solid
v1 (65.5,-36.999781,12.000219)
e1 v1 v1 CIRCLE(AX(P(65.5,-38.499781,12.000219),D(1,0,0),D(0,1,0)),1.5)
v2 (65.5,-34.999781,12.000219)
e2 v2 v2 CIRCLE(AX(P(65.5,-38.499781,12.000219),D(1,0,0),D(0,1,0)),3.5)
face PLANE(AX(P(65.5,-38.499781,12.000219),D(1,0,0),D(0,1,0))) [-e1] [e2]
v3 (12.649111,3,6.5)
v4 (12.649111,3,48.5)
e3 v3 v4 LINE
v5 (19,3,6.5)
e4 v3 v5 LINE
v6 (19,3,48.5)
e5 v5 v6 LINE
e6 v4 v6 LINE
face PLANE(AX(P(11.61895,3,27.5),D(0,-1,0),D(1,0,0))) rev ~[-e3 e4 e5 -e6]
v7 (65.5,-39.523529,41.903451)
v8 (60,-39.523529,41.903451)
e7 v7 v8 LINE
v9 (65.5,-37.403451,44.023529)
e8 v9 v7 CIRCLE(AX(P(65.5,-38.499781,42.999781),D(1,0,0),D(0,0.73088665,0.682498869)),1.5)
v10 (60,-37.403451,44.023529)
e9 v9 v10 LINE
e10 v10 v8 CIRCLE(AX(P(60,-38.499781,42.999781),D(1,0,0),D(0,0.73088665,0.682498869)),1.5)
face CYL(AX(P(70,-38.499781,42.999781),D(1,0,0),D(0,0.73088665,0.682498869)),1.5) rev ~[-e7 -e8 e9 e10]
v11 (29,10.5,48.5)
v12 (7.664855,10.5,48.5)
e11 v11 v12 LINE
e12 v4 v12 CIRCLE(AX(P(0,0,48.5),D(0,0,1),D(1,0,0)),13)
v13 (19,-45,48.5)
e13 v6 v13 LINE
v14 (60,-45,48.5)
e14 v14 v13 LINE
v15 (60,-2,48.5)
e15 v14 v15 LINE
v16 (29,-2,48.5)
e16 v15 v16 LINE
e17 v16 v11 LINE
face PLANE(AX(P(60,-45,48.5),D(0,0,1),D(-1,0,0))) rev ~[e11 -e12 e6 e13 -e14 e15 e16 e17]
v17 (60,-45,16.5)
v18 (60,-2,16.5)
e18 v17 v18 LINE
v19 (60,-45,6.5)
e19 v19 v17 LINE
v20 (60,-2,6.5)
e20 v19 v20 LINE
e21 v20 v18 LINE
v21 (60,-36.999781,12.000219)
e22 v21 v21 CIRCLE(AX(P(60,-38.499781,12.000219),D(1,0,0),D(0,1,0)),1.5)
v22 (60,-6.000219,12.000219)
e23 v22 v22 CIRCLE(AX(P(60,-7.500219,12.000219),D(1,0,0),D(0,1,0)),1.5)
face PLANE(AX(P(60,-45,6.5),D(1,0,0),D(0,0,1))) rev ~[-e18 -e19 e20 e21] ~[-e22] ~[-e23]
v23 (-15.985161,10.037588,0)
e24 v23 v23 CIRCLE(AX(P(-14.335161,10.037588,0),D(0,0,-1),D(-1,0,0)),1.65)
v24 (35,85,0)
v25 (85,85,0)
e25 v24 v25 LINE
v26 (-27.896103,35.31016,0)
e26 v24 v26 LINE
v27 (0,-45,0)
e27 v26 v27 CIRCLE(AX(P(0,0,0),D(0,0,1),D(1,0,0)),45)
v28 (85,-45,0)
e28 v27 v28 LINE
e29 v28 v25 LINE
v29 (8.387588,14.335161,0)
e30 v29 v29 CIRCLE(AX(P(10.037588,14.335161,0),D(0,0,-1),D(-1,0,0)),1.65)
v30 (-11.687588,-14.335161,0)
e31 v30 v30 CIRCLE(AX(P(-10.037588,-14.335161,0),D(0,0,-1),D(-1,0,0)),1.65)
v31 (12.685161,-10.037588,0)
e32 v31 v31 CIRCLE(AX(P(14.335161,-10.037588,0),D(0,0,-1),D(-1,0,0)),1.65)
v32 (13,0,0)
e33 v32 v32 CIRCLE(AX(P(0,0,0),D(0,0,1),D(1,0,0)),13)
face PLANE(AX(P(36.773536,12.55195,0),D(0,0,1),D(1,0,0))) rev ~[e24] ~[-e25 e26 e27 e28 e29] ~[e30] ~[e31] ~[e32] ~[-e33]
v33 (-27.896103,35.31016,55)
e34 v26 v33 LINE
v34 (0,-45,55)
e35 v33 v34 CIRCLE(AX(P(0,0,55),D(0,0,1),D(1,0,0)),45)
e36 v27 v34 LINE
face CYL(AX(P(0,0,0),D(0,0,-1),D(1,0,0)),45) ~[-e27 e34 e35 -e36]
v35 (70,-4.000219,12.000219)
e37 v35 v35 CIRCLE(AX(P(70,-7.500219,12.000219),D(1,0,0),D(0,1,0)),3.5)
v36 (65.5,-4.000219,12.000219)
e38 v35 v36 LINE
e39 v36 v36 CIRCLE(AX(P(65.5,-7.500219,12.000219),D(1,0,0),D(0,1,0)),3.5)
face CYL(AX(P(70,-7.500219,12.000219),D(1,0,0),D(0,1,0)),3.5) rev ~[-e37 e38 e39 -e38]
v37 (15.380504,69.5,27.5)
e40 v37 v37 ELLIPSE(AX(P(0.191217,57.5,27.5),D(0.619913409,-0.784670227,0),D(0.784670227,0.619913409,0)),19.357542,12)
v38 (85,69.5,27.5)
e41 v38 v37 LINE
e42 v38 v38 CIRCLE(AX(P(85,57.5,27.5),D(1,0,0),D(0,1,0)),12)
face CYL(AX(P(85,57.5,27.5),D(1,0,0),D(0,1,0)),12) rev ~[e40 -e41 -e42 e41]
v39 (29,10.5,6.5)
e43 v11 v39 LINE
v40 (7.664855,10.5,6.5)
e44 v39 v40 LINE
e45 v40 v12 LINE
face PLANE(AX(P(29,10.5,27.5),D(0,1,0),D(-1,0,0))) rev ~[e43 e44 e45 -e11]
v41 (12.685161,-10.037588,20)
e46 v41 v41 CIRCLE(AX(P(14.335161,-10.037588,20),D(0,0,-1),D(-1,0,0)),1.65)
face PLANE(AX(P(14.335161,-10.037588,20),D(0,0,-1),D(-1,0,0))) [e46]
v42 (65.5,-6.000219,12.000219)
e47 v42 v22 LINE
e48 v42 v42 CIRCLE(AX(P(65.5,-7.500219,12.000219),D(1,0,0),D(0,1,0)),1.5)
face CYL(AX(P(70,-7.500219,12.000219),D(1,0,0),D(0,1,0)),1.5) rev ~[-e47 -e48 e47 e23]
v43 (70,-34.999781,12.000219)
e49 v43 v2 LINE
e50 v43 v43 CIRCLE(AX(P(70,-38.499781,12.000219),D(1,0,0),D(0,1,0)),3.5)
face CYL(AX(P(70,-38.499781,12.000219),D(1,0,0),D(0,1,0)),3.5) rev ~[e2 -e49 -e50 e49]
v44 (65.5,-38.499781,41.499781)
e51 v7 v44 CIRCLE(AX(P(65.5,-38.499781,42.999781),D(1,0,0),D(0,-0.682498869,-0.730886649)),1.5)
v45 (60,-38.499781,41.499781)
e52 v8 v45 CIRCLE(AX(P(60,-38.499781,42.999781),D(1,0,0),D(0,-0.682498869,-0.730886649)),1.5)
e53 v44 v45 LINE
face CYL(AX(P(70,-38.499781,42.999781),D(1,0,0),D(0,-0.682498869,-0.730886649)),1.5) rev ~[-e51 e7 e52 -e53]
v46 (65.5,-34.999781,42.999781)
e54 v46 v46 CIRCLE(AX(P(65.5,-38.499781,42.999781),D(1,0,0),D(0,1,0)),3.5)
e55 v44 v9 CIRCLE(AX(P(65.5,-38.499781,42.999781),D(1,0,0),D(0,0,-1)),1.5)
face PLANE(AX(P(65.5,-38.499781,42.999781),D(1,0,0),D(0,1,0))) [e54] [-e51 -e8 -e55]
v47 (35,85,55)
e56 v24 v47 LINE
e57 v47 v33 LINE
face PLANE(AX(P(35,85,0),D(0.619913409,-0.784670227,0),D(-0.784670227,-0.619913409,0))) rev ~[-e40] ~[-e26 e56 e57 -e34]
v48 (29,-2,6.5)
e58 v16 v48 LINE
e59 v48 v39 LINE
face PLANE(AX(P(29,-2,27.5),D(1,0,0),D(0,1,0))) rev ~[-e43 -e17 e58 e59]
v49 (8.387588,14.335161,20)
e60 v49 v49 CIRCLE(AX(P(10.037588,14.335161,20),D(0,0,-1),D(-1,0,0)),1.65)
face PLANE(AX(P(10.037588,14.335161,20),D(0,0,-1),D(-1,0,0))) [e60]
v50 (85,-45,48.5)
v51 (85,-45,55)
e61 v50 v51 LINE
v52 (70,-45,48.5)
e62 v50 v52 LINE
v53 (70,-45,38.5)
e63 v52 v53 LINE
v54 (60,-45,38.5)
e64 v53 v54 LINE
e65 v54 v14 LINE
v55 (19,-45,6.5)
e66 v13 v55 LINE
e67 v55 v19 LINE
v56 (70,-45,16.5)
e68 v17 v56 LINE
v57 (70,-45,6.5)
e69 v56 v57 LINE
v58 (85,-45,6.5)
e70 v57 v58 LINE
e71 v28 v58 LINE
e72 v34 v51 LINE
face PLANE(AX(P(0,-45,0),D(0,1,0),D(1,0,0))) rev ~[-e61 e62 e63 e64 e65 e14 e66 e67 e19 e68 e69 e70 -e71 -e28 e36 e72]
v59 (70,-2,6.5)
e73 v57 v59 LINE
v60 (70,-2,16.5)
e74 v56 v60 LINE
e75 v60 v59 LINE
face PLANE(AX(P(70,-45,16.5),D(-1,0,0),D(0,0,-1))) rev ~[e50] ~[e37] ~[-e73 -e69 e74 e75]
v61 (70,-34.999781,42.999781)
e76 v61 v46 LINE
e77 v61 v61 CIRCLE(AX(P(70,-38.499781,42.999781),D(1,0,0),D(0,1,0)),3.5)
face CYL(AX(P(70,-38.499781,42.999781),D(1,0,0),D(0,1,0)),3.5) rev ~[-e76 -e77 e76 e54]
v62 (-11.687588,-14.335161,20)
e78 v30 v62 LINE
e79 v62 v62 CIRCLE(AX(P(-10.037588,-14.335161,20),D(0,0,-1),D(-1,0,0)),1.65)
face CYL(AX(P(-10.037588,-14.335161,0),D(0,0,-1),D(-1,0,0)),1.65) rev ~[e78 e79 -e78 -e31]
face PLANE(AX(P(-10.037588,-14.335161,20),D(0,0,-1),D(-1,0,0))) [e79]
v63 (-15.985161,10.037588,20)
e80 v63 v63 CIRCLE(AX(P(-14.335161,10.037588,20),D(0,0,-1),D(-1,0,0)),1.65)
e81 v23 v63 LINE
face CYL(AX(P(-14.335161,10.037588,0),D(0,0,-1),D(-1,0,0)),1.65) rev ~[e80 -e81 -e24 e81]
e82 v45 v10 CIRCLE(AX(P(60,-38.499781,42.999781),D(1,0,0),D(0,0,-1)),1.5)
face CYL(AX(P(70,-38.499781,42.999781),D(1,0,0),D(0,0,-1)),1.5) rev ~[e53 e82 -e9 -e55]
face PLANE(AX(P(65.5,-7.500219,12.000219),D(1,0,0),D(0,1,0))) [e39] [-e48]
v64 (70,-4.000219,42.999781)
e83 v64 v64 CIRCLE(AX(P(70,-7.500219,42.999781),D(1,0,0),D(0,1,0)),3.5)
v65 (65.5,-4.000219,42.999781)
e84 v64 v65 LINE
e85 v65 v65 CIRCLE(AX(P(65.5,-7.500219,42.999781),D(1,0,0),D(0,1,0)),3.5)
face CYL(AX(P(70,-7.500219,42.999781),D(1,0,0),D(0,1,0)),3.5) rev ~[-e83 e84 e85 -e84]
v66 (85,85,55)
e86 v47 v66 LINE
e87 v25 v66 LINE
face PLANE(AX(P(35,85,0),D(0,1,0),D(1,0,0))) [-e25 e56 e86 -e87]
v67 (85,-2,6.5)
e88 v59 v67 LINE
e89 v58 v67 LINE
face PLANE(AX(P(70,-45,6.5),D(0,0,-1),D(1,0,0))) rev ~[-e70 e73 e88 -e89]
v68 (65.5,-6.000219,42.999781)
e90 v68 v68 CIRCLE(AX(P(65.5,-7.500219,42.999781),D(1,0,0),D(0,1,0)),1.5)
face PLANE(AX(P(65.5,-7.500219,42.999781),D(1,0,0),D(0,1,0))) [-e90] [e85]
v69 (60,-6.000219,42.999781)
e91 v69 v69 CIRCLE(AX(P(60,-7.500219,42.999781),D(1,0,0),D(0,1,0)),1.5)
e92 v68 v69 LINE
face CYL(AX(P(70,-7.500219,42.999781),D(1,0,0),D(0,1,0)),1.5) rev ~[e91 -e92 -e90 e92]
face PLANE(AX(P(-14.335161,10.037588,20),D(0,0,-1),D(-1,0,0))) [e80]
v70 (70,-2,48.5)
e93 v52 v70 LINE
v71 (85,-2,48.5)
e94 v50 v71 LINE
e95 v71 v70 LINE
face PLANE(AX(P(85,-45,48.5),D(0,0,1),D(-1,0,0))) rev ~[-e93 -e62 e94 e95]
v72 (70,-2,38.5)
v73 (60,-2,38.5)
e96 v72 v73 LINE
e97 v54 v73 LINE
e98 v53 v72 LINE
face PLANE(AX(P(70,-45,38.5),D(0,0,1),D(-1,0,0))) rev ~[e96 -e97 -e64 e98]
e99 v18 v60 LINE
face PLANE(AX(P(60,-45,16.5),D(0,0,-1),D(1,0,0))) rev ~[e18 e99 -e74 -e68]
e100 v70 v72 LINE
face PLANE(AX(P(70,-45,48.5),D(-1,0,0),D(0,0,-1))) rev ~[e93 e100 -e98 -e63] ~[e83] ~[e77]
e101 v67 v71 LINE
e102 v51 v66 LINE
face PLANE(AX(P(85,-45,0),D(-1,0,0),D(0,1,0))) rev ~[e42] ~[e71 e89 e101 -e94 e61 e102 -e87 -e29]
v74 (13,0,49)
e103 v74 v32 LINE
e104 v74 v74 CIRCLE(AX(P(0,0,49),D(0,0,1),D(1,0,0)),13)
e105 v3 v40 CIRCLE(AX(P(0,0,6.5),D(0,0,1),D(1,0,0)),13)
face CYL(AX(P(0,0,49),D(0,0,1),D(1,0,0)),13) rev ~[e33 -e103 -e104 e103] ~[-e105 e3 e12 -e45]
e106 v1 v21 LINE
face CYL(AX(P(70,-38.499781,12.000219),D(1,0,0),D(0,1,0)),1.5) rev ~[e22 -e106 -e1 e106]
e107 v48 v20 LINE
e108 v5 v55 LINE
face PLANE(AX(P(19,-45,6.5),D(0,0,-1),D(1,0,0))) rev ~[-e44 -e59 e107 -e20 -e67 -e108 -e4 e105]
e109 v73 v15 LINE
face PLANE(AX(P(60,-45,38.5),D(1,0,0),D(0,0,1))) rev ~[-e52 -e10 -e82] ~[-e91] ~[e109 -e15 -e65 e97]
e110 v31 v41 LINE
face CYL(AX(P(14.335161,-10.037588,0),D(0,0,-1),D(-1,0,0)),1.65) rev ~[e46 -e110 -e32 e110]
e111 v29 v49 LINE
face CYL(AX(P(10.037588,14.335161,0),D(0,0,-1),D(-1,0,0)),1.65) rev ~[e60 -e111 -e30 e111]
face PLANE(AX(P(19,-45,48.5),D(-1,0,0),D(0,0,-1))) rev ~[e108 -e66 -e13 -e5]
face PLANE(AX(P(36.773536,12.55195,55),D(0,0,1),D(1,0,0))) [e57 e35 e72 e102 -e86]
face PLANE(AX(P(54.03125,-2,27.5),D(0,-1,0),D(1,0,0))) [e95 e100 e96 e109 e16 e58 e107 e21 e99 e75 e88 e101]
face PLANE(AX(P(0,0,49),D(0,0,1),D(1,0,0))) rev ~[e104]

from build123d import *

# Parameters (mm, degrees)
SKIZZE1_W                       = 50
SKIZZE1_H                       = 50
SKIZZE1_R                       = 45
AUFSATZ_LINEAR_AUSTRAGEN2_DEPTH = 55
SCHNITT_LINEAR_AUSTRAGEN1_DEPTH = 43
SKIZZE4_R                       = 1.5
SCHNITT_LINEAR_AUSTRAGEN2_DEPTH = 10
SKIZZE5_R                       = 3.5
SCHNITT_LINEAR_AUSTRAGEN3_DEPTH = 4.5
SCHNITT_LINEAR_AUSTRAGEN4_DEPTH = 21
SCHNITT_LINEAR_START            = -6
SKIZZE7_R                       = 13
SCHNITT_LINEAR_AUSTRAGEN5_DEPTH = 49
SKIZZE8_R                       = 12
SCHNITT_LINEAR_AUSTRAGEN6_DEPTH = 165.772570533
SKIZZE9_R                       = 1.65
SCHNITT_LINEAR_AUSTRAGEN9_DEPTH = 20


with BuildPart() as part:
    # Skizze1 → Aufsatz-Linear austragen2 (new body)
    with BuildSketch(Plane.XY):
        with BuildLine():
            Line((35, 35), (35, 85))
            Line((35, 85), (-27.896103401, 35.310160224))
            ThreePointArc((-27.896103401, 35.310160224), (19.617279971, 40.498917597), (45, 0))
            ThreePointArc((45, 0), (31.819805153, -31.819805153), (0, -45))
            Line((0, -45), (85, -45))
            Line((85, -45), (85, 35))
            Line((85, 35), (35, 35))
        make_face()
        with Locations((60, 60)):
            Rectangle(SKIZZE1_W, SKIZZE1_H)
        Circle(SKIZZE1_R)
    extrude(amount=AUFSATZ_LINEAR_AUSTRAGEN2_DEPTH)

    # Skizze3 → Schnitt-Linear austragen1 (cut)
    with BuildSketch(Plane.XZ.offset(45)):
        Polygon((60, 48.5), (19, 48.5), (19, 6.5), (60, 6.5), (60, 16.5), (70, 16.5), (70, 6.5), (85, 6.5), (85, 48.5), (70, 48.5), (70, 38.5), (60, 38.5), align=None)
    extrude(amount=-SCHNITT_LINEAR_AUSTRAGEN1_DEPTH, mode=Mode.SUBTRACT)

    # Skizze4 → Schnitt-Linear austragen2 (cut)
    with BuildSketch(Plane(origin=(70, 0, 0), x_dir=(0, 0, -1), z_dir=(1, 0, 0))):
        with Locations(Location((-42.999780644, -7.500219356, 0), (0, 0, 90))):
            Circle(SKIZZE4_R)
        with Locations(Location((-12.000219356, -7.500219356, 0), (0, 0, 90))):
            Circle(SKIZZE4_R)
        with Locations(Location((-12.000219356, -38.499780644, 0), (0, 0, 90))):
            Circle(SKIZZE4_R)
        with BuildLine():
            ThreePointArc((-41.499780644, -38.499780644), (-42.402127924, -37.123985882), (-44.023528946, -37.403450669))
            ThreePointArc((-44.023528946, -37.403450669), (-42.999780644, -38.499780644), (-41.903450669, -39.523528946))
            ThreePointArc((-41.903450669, -39.523528946), (-41.604342547, -39.050010158), (-41.499780644, -38.499780644))
        make_face()
        with BuildLine():
            ThreePointArc((-41.903450669, -39.523528946), (-42.999780644, -38.499780644), (-44.023528946, -37.403450669))
            ThreePointArc((-44.023528946, -37.403450669), (-44.060440815, -39.560440815), (-41.903450669, -39.523528946))
        make_face()
    extrude(amount=-SCHNITT_LINEAR_AUSTRAGEN2_DEPTH, mode=Mode.SUBTRACT)

    # Skizze5 → Schnitt-Linear austragen3 (cut)
    with BuildSketch(Plane(origin=(70, 0, 0), x_dir=(0, 0, -1), z_dir=(1, 0, 0))):
        with Locations(Location((-42.999780644, -7.500219356, 0), (0, 0, 90))):
            Circle(SKIZZE5_R)
        with Locations(Location((-12.000219356, -7.500219356, 0), (0, 0, 90))):
            Circle(SKIZZE5_R)
        with Locations(Location((-12.000219356, -38.499780644, 0), (0, 0, 90))):
            Circle(SKIZZE5_R)
        with Locations(Location((-42.999780644, -38.499780644, 0), (0, 0, 90))):
            Circle(SKIZZE5_R)
    extrude(amount=-SCHNITT_LINEAR_AUSTRAGEN3_DEPTH, mode=Mode.SUBTRACT)

    # Skizze6 → Schnitt-Linear austragen4 (cut, symmetric)
    with BuildSketch(Plane.XY.offset(27.5)):
        Polygon((29, 10.5), (19, 10.5), (19, 3), (19, -2), (29, -2), align=None)
        with BuildLine():
            Line((19, 3), (19, 10.5))
            Line((19, 10.5), (5.809475019, 10.5))
            ThreePointArc((5.809475019, 10.5), (9.486832981, 7.348469228), (11.618950039, 3))
            Line((11.618950039, 3), (19, 3))
        make_face()
    extrude(amount=SCHNITT_LINEAR_AUSTRAGEN4_DEPTH, both=True, mode=Mode.SUBTRACT)

    # Skizze7 → Schnitt-Linear austragen5 (cut)
    with BuildSketch(Plane.XY.offset(55).offset(SCHNITT_LINEAR_START)):
        Circle(SKIZZE7_R)
    extrude(amount=-SCHNITT_LINEAR_AUSTRAGEN5_DEPTH, mode=Mode.SUBTRACT)

    # Skizze8 → Schnitt-Linear austragen6 (cut, through all)
    with BuildSketch(Plane(origin=(85, 0, 0), x_dir=(0, 0, -1), z_dir=(1, 0, 0))):
        with Locations(Location((-27.5, 57.5, 0), (0, 0, 90))):
            Circle(SKIZZE8_R)
    extrude(amount=-SCHNITT_LINEAR_AUSTRAGEN6_DEPTH, mode=Mode.SUBTRACT)

    # Skizze9 → Schnitt-Linear austragen9 (cut)
    with BuildSketch(Plane(origin=(0, 0, 0), x_dir=(-1, 0, 0), z_dir=(0, 0, -1))):
        with Locations((-10.037587636, 14.335160775)):
            Circle(SKIZZE9_R)
        with Locations((14.335160775, 10.037587636)):
            Circle(SKIZZE9_R)
        with Locations((10.037587636, -14.335160775)):
            Circle(SKIZZE9_R)
        with Locations((-14.335160775, -10.037587636)):
            Circle(SKIZZE9_R)
    extrude(amount=-SCHNITT_LINEAR_AUSTRAGEN9_DEPTH, mode=Mode.SUBTRACT)


solid = part.part
